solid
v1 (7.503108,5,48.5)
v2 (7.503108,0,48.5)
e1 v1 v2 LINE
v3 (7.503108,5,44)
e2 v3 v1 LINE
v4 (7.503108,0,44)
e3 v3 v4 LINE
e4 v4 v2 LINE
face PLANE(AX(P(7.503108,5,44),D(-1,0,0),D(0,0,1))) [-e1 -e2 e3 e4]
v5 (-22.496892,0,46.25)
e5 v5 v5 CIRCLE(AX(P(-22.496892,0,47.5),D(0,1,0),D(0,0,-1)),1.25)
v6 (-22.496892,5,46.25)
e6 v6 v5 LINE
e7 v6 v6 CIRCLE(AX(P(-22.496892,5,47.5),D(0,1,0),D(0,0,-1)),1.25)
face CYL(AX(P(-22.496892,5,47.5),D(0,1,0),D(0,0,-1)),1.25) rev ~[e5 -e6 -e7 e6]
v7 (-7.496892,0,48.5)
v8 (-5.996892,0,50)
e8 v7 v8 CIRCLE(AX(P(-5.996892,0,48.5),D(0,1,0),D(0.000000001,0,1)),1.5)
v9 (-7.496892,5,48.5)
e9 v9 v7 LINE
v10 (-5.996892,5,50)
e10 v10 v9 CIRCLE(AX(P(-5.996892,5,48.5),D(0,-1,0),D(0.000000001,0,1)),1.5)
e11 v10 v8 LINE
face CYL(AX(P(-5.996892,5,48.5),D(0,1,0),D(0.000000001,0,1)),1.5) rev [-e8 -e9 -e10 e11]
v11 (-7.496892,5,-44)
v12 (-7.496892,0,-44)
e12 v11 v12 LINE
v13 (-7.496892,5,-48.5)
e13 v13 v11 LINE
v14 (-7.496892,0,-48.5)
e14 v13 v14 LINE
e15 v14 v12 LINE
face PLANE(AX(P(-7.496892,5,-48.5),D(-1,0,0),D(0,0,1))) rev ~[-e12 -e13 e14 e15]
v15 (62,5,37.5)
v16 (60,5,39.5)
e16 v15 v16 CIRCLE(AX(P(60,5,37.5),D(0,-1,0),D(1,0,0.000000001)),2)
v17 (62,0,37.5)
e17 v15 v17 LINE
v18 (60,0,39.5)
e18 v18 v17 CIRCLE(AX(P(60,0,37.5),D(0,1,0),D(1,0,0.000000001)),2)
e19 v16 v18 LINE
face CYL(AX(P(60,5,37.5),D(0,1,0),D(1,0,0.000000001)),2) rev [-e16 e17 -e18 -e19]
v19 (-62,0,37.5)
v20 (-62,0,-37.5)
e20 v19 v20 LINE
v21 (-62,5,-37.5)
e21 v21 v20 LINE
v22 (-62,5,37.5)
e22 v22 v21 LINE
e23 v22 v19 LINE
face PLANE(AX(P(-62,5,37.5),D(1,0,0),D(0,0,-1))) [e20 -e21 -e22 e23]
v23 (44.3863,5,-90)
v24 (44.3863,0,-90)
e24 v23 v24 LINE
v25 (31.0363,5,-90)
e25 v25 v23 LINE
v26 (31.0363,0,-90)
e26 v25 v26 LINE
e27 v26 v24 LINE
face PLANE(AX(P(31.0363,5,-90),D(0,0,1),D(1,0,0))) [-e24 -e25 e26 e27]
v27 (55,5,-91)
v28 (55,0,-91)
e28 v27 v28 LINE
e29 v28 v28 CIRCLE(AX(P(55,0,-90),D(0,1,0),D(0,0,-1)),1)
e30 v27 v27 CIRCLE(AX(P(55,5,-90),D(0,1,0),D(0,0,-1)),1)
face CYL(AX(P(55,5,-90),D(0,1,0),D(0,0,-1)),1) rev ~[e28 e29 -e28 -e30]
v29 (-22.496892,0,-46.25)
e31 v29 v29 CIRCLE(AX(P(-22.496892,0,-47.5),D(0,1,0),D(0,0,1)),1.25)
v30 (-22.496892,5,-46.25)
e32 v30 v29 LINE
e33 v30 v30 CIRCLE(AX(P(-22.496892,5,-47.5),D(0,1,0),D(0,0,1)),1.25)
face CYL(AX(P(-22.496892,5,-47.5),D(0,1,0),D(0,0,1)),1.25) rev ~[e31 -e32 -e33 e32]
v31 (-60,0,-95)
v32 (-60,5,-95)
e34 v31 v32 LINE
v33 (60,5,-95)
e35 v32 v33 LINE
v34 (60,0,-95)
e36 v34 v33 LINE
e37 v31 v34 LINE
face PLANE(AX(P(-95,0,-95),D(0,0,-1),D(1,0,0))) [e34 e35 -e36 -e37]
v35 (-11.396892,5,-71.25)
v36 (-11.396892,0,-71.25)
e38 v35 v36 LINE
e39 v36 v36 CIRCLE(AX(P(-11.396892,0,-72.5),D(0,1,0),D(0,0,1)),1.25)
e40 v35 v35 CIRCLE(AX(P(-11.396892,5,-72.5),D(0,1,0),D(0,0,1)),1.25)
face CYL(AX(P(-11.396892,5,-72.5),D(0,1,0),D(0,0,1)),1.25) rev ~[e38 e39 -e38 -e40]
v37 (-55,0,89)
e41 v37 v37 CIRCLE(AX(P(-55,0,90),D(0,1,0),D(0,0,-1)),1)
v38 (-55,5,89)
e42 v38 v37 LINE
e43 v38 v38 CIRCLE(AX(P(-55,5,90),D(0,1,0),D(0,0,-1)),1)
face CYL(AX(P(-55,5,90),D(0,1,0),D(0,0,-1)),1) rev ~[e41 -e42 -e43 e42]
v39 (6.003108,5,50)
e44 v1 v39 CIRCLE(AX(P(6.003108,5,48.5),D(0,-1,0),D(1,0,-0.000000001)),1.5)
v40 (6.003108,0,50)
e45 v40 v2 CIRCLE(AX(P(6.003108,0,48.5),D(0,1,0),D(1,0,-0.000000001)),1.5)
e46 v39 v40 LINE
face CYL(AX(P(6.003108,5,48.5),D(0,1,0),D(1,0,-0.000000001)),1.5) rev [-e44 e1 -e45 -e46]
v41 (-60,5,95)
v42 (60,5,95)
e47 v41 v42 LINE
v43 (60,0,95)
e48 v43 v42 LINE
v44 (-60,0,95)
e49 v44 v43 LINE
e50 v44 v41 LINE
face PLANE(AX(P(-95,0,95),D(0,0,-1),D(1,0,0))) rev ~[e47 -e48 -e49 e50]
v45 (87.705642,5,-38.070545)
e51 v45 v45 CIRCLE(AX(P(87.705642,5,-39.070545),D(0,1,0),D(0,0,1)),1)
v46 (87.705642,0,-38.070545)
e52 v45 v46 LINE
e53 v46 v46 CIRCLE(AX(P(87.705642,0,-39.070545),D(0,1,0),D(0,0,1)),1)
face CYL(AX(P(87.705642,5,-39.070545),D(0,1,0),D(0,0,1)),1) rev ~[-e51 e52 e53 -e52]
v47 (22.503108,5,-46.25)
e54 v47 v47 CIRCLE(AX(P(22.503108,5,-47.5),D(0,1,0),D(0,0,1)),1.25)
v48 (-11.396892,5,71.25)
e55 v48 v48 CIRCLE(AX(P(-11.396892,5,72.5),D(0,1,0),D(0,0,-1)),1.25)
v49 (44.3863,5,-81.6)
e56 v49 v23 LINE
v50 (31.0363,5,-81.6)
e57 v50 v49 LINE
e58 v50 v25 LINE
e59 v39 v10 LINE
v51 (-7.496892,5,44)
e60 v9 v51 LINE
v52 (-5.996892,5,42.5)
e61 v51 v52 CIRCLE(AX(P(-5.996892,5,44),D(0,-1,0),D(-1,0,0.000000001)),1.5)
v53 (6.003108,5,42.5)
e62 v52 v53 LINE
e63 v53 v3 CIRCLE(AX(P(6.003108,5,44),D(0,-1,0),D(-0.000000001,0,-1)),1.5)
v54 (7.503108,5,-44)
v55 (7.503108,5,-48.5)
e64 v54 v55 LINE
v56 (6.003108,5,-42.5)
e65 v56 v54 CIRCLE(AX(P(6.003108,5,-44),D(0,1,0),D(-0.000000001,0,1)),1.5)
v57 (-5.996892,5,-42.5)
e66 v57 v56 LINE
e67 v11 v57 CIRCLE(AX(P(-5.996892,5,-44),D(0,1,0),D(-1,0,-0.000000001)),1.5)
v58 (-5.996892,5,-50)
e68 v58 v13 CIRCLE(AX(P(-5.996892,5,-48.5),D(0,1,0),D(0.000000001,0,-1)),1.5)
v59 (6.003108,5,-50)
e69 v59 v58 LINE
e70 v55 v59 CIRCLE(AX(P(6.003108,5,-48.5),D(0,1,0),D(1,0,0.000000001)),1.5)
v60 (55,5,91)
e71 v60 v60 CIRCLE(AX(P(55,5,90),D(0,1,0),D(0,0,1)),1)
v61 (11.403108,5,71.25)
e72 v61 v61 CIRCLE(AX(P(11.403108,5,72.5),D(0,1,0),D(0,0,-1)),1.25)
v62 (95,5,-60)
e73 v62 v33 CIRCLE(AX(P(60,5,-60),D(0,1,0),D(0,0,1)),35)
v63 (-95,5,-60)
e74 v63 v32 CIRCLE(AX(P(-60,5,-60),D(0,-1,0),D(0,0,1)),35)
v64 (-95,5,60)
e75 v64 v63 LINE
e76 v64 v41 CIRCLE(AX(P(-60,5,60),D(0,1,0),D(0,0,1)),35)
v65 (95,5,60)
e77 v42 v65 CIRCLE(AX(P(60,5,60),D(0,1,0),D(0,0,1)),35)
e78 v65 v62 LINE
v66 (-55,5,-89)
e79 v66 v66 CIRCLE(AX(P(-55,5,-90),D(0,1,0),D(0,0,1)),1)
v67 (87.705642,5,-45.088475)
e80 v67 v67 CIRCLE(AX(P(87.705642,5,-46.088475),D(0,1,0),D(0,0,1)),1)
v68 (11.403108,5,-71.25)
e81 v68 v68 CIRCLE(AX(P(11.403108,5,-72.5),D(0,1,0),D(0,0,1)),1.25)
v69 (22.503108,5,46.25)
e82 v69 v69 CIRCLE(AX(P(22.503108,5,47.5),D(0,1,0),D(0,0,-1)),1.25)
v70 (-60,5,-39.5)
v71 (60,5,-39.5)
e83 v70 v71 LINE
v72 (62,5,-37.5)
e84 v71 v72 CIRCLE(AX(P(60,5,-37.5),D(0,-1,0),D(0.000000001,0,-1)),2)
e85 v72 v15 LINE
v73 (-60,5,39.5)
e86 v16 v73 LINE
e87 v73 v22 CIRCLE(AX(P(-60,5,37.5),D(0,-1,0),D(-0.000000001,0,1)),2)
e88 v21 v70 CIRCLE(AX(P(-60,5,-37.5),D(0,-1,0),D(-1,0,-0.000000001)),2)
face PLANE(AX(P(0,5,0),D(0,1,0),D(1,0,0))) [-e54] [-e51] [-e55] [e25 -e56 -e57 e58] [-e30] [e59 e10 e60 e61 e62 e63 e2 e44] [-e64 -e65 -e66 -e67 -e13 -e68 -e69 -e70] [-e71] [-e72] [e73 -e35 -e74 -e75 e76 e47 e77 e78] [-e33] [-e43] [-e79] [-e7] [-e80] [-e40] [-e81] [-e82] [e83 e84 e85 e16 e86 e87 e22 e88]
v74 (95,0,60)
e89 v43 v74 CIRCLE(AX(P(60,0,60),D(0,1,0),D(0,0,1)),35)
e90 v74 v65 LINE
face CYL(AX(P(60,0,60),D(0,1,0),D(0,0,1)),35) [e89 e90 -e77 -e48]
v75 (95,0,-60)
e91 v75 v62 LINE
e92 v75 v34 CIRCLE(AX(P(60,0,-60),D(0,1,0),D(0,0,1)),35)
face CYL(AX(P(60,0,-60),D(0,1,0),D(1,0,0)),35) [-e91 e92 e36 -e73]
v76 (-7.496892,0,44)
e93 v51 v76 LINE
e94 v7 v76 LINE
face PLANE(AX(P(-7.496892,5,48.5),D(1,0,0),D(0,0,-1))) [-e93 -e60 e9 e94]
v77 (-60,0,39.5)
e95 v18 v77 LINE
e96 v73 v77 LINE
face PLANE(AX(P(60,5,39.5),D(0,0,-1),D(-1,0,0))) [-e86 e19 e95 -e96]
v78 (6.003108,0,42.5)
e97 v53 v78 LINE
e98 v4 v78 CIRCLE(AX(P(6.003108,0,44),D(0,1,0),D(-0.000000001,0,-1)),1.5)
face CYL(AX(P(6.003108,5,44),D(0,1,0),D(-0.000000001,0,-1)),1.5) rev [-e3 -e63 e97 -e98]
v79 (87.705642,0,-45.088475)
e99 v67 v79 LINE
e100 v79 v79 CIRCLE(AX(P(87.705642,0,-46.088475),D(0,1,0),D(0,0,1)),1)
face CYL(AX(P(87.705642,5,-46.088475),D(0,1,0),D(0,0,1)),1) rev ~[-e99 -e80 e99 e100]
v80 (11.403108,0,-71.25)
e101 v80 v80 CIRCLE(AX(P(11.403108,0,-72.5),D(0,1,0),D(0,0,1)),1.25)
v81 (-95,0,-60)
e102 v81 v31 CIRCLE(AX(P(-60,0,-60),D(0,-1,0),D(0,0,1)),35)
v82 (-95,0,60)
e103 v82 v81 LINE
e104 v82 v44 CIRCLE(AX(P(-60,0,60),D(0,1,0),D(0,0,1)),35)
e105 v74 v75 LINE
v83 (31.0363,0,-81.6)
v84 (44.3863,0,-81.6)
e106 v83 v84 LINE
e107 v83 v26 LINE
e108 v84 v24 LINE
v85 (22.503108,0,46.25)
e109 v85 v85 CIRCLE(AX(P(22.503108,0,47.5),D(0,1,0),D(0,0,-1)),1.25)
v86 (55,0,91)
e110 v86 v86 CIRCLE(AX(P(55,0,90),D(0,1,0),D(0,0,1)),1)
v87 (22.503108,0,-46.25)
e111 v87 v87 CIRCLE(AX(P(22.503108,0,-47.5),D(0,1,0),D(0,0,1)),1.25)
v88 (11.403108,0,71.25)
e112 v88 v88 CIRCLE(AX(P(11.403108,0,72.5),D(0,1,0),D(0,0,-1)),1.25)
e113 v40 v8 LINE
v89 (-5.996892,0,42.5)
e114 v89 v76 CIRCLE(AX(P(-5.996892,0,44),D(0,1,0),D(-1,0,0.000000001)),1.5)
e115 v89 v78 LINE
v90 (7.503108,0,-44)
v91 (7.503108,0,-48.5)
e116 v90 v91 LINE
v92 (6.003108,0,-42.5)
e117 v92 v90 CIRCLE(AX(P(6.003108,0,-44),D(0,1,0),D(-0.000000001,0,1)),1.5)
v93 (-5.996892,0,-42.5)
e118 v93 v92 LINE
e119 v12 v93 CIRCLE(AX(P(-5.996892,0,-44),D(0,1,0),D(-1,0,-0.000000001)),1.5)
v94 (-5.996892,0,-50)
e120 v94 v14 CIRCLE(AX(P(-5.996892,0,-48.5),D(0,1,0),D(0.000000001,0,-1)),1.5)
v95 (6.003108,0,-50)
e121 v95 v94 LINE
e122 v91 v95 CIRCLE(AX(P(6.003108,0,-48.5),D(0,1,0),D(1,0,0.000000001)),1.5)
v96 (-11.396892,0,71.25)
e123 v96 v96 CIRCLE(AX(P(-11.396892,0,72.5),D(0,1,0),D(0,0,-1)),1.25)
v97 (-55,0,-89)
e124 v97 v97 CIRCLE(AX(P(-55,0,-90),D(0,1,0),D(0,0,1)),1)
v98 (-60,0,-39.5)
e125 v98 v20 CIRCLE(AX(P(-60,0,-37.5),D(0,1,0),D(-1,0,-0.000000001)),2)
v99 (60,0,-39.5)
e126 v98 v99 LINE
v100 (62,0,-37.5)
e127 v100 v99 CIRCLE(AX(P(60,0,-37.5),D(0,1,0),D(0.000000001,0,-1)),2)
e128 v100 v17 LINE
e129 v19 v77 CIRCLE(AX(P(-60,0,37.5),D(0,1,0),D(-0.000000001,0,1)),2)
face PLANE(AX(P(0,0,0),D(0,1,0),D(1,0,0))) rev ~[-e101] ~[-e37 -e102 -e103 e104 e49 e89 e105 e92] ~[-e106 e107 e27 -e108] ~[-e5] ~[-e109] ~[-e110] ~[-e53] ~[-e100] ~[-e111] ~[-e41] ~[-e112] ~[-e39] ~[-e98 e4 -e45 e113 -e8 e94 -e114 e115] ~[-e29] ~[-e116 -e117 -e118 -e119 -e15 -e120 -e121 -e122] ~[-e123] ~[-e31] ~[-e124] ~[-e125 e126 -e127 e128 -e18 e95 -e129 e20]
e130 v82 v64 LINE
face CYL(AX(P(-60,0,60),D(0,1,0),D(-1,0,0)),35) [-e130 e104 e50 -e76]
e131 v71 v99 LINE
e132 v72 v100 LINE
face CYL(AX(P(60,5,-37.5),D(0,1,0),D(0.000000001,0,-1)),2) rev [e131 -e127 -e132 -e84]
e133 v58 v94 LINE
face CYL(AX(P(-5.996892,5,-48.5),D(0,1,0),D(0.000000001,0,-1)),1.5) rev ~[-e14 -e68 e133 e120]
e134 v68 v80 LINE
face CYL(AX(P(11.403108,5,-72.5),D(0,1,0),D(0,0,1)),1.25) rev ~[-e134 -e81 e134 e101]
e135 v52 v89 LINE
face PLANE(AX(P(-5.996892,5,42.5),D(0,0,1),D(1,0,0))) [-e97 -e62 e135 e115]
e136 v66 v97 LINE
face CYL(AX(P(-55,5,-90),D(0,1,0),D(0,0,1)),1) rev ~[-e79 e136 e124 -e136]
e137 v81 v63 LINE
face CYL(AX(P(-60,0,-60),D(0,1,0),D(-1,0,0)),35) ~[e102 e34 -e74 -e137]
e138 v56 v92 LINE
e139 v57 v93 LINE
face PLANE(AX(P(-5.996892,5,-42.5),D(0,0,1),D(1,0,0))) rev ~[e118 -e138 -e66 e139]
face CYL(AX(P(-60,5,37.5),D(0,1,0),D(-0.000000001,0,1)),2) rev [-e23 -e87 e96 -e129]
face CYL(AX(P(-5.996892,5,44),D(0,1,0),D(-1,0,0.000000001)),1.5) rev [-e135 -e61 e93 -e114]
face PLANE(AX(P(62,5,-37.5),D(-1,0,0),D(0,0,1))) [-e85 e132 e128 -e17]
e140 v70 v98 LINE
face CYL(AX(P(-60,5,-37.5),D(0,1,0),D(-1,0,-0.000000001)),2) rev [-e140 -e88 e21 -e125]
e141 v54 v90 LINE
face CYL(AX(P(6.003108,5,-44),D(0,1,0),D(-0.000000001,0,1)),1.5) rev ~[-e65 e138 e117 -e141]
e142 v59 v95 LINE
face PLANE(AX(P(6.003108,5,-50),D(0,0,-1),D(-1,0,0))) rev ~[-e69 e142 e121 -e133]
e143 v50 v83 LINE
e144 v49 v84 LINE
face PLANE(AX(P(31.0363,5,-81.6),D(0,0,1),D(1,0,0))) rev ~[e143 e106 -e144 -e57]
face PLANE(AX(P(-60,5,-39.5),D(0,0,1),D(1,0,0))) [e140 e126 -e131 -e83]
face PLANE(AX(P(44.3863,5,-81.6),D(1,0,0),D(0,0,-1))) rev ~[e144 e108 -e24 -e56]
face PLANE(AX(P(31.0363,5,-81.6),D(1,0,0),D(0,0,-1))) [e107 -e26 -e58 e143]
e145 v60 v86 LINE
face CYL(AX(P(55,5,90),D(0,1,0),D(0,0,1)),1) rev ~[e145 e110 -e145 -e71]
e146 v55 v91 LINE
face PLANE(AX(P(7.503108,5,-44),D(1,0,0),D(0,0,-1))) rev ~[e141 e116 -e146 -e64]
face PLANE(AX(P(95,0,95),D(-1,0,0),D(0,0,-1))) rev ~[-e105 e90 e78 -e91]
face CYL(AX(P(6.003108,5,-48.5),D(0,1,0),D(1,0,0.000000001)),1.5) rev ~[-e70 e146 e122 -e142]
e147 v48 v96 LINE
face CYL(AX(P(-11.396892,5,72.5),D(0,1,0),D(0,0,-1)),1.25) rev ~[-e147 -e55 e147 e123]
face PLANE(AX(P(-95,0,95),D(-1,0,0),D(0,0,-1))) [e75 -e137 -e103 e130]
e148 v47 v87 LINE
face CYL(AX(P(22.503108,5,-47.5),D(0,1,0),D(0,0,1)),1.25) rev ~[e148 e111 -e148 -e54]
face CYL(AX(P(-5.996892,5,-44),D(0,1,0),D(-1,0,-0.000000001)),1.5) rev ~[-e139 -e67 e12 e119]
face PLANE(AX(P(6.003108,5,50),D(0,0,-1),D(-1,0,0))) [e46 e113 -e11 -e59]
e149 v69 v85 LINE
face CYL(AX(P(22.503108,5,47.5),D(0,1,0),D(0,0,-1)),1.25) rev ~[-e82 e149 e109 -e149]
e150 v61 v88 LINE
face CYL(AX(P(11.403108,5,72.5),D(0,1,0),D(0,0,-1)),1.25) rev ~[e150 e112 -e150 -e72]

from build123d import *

# Parameters (mm, degrees)
ESBO_O1_W                = 190
ESBO_O1_H                = 190
RESSALTO_EXTRUS_O1_DEPTH = 5
FILETE1_R                = 35
ESBO_O2_R                = 1
CORTE_EXTRUS_O1_DEPTH    = 135.443296597
CORTE_EXTRUS_O2_DEPTH    = 10
SKETCH3_R                = 1.25
CUT_EXTRUDE1_DEPTH       = 135.443296597
SKETCH5_R                = 1
CUT_EXTRUDE3_DEPTH       = 135.443296597
SKETCH7_W                = 13.35
SKETCH7_H                = 8.4
CUT_EXTRUDE5_DEPTH       = 135.443296597
CUT_EXTRUDE6_DEPTH       = 135.443296597


with BuildPart() as part:
    # Esboço1 → Ressalto-extrusão1 (new body)
    with BuildSketch(Plane(origin=(0, 0, 0), x_dir=(1, 0, 0), z_dir=(0, 1, 0))):
        Rectangle(ESBO_O1_W, ESBO_O1_H)
    extrude(amount=RESSALTO_EXTRUS_O1_DEPTH)

    # Filete1
    filete1_edges = [part.edges().sort_by_distance(p)[0] for p in [
        (95, 2.5, 95),
        (-95, 2.5, 95),
        (-95, 2.5, -95),
        (95, 2.5, -95),
    ]]
    fillet(filete1_edges, radius=FILETE1_R)

    # Esboço2 → Corte-extrusão1 (cut, through all)
    with BuildSketch(Plane(origin=(0, 5, 0), x_dir=(1, 0, 0), z_dir=(0, 1, 0))):
        with Locations(Location((-55, 90, 0), (0, 0, 270))):
            Circle(ESBO_O2_R)
        with Locations(Location((55, 90, 0), (0, 0, 90))):
            Circle(ESBO_O2_R)
        with Locations(Location((55, -90, 0), (0, 0, 270))):
            Circle(ESBO_O2_R)
        with Locations(Location((-55, -90, 0), (0, 0, 90))):
            Circle(ESBO_O2_R)
    extrude(amount=-CORTE_EXTRUS_O1_DEPTH, mode=Mode.SUBTRACT)

    # Esboço3 → Corte-extrusão2 (cut)
    with BuildSketch(Plane(origin=(0, 5, 0), x_dir=(1, 0, 0), z_dir=(0, 1, 0))):
        with BuildLine():
            Line((-60, 39.5), (60, 39.5))
            ThreePointArc((60, 39.5), (61.414213562, 38.914213562), (62, 37.5))
            Line((62, 37.5), (62, -37.5))
            ThreePointArc((62, -37.5), (61.414213562, -38.914213562), (60, -39.5))
            Line((60, -39.5), (-60, -39.5))
            ThreePointArc((-60, -39.5), (-61.414213562, -38.914213562), (-62, -37.5))
            Line((-62, -37.5), (-62, 37.5))
            ThreePointArc((-62, 37.5), (-61.414213562, 38.914213562), (-60, 39.5))
        make_face()
    extrude(amount=-CORTE_EXTRUS_O2_DEPTH, mode=Mode.SUBTRACT)

    # Sketch3 → Cut-Extrude1 (cut, through all)
    with BuildSketch(Plane(origin=(0, 5, 0), x_dir=(1, 0, 0), z_dir=(0, 1, 0))):
        with Locations(Location((22.50310845, 47.5, 0), (0, 0, 270))):
            Circle(SKETCH3_R)
        with Locations(Location((-22.49689155, 47.5, 0), (0, 0, 270))):
            Circle(SKETCH3_R)
        with Locations(Location((-11.39689155, 72.5, 0), (0, 0, 270))):
            Circle(SKETCH3_R)
        with Locations(Location((11.40310845, 72.5, 0), (0, 0, 270))):
            Circle(SKETCH3_R)
        with Locations(Location((11.40310845, -72.5, 0), (0, 0, 90))):
            Circle(SKETCH3_R)
        with Locations(Location((-11.39689155, -72.5, 0), (0, 0, 90))):
            Circle(SKETCH3_R)
        with Locations(Location((-22.49689155, -47.5, 0), (0, 0, 90))):
            Circle(SKETCH3_R)
        with Locations(Location((22.50310845, -47.5, 0), (0, 0, 90))):
            Circle(SKETCH3_R)
    extrude(amount=-CUT_EXTRUDE1_DEPTH, mode=Mode.SUBTRACT)

    # Sketch5 → Cut-Extrude3 (cut, through all)
    with BuildSketch(Plane(origin=(0, 5, 0), x_dir=(1, 0, 0), z_dir=(0, 1, 0))):
        with Locations(Location((87.705642178, 46.088474581, 0), (0, 0, 270))):
            Circle(SKETCH5_R)
        with Locations(Location((87.705642178, 39.070544877, 0), (0, 0, 270))):
            Circle(SKETCH5_R)
    extrude(amount=-CUT_EXTRUDE3_DEPTH, mode=Mode.SUBTRACT)

    # Sketch7 → Cut-Extrude5 (cut, through all)
    with BuildSketch(Plane(origin=(0, 5, 0), x_dir=(1, 0, 0), z_dir=(0, 1, 0))):
        with Locations((37.711300079, 85.8)):
            Rectangle(SKETCH7_W, SKETCH7_H)
    extrude(amount=-CUT_EXTRUDE5_DEPTH, mode=Mode.SUBTRACT)

    # Sketch8 → Cut-Extrude6 (cut, through all)
    with BuildSketch(Plane(origin=(0, 5, 0), x_dir=(1, 0, 0), z_dir=(0, 1, 0))):
        with BuildLine():
            Line((6.00310845, -50), (-5.99689155, -50))
            ThreePointArc((-5.99689155, -50), (-7.057551722, -49.560660172), (-7.49689155, -48.5))
            Line((-7.49689155, -48.5), (-7.49689155, -44))
            ThreePointArc((-7.49689155, -44), (-7.057551722, -42.939339828), (-5.99689155, -42.5))
            Line((-5.99689155, -42.5), (6.00310845, -42.5))
            ThreePointArc((6.00310845, -42.5), (7.063768622, -42.939339828), (7.50310845, -44))
            Line((7.50310845, -44), (7.50310845, -48.5))
            ThreePointArc((7.50310845, -48.5), (7.063768622, -49.560660172), (6.00310845, -50))
        make_face()
        with BuildLine():
            Line((-7.49689155, 48.5), (-7.49689155, 44))
            ThreePointArc((-7.49689155, 44), (-7.057551722, 42.939339828), (-5.99689155, 42.5))
            Line((-5.99689155, 42.5), (6.00310845, 42.5))
            ThreePointArc((6.00310845, 42.5), (7.063768622, 42.939339828), (7.50310845, 44))
            Line((7.50310845, 44), (7.50310845, 48.5))
            ThreePointArc((7.50310845, 48.5), (7.063768622, 49.560660172), (6.00310845, 50))
            Line((6.00310845, 50), (-5.99689155, 50))
            ThreePointArc((-5.99689155, 50), (-7.057551722, 49.560660172), (-7.49689155, 48.5))
        make_face()
    extrude(amount=-CUT_EXTRUDE6_DEPTH, mode=Mode.SUBTRACT)


solid = part.part
